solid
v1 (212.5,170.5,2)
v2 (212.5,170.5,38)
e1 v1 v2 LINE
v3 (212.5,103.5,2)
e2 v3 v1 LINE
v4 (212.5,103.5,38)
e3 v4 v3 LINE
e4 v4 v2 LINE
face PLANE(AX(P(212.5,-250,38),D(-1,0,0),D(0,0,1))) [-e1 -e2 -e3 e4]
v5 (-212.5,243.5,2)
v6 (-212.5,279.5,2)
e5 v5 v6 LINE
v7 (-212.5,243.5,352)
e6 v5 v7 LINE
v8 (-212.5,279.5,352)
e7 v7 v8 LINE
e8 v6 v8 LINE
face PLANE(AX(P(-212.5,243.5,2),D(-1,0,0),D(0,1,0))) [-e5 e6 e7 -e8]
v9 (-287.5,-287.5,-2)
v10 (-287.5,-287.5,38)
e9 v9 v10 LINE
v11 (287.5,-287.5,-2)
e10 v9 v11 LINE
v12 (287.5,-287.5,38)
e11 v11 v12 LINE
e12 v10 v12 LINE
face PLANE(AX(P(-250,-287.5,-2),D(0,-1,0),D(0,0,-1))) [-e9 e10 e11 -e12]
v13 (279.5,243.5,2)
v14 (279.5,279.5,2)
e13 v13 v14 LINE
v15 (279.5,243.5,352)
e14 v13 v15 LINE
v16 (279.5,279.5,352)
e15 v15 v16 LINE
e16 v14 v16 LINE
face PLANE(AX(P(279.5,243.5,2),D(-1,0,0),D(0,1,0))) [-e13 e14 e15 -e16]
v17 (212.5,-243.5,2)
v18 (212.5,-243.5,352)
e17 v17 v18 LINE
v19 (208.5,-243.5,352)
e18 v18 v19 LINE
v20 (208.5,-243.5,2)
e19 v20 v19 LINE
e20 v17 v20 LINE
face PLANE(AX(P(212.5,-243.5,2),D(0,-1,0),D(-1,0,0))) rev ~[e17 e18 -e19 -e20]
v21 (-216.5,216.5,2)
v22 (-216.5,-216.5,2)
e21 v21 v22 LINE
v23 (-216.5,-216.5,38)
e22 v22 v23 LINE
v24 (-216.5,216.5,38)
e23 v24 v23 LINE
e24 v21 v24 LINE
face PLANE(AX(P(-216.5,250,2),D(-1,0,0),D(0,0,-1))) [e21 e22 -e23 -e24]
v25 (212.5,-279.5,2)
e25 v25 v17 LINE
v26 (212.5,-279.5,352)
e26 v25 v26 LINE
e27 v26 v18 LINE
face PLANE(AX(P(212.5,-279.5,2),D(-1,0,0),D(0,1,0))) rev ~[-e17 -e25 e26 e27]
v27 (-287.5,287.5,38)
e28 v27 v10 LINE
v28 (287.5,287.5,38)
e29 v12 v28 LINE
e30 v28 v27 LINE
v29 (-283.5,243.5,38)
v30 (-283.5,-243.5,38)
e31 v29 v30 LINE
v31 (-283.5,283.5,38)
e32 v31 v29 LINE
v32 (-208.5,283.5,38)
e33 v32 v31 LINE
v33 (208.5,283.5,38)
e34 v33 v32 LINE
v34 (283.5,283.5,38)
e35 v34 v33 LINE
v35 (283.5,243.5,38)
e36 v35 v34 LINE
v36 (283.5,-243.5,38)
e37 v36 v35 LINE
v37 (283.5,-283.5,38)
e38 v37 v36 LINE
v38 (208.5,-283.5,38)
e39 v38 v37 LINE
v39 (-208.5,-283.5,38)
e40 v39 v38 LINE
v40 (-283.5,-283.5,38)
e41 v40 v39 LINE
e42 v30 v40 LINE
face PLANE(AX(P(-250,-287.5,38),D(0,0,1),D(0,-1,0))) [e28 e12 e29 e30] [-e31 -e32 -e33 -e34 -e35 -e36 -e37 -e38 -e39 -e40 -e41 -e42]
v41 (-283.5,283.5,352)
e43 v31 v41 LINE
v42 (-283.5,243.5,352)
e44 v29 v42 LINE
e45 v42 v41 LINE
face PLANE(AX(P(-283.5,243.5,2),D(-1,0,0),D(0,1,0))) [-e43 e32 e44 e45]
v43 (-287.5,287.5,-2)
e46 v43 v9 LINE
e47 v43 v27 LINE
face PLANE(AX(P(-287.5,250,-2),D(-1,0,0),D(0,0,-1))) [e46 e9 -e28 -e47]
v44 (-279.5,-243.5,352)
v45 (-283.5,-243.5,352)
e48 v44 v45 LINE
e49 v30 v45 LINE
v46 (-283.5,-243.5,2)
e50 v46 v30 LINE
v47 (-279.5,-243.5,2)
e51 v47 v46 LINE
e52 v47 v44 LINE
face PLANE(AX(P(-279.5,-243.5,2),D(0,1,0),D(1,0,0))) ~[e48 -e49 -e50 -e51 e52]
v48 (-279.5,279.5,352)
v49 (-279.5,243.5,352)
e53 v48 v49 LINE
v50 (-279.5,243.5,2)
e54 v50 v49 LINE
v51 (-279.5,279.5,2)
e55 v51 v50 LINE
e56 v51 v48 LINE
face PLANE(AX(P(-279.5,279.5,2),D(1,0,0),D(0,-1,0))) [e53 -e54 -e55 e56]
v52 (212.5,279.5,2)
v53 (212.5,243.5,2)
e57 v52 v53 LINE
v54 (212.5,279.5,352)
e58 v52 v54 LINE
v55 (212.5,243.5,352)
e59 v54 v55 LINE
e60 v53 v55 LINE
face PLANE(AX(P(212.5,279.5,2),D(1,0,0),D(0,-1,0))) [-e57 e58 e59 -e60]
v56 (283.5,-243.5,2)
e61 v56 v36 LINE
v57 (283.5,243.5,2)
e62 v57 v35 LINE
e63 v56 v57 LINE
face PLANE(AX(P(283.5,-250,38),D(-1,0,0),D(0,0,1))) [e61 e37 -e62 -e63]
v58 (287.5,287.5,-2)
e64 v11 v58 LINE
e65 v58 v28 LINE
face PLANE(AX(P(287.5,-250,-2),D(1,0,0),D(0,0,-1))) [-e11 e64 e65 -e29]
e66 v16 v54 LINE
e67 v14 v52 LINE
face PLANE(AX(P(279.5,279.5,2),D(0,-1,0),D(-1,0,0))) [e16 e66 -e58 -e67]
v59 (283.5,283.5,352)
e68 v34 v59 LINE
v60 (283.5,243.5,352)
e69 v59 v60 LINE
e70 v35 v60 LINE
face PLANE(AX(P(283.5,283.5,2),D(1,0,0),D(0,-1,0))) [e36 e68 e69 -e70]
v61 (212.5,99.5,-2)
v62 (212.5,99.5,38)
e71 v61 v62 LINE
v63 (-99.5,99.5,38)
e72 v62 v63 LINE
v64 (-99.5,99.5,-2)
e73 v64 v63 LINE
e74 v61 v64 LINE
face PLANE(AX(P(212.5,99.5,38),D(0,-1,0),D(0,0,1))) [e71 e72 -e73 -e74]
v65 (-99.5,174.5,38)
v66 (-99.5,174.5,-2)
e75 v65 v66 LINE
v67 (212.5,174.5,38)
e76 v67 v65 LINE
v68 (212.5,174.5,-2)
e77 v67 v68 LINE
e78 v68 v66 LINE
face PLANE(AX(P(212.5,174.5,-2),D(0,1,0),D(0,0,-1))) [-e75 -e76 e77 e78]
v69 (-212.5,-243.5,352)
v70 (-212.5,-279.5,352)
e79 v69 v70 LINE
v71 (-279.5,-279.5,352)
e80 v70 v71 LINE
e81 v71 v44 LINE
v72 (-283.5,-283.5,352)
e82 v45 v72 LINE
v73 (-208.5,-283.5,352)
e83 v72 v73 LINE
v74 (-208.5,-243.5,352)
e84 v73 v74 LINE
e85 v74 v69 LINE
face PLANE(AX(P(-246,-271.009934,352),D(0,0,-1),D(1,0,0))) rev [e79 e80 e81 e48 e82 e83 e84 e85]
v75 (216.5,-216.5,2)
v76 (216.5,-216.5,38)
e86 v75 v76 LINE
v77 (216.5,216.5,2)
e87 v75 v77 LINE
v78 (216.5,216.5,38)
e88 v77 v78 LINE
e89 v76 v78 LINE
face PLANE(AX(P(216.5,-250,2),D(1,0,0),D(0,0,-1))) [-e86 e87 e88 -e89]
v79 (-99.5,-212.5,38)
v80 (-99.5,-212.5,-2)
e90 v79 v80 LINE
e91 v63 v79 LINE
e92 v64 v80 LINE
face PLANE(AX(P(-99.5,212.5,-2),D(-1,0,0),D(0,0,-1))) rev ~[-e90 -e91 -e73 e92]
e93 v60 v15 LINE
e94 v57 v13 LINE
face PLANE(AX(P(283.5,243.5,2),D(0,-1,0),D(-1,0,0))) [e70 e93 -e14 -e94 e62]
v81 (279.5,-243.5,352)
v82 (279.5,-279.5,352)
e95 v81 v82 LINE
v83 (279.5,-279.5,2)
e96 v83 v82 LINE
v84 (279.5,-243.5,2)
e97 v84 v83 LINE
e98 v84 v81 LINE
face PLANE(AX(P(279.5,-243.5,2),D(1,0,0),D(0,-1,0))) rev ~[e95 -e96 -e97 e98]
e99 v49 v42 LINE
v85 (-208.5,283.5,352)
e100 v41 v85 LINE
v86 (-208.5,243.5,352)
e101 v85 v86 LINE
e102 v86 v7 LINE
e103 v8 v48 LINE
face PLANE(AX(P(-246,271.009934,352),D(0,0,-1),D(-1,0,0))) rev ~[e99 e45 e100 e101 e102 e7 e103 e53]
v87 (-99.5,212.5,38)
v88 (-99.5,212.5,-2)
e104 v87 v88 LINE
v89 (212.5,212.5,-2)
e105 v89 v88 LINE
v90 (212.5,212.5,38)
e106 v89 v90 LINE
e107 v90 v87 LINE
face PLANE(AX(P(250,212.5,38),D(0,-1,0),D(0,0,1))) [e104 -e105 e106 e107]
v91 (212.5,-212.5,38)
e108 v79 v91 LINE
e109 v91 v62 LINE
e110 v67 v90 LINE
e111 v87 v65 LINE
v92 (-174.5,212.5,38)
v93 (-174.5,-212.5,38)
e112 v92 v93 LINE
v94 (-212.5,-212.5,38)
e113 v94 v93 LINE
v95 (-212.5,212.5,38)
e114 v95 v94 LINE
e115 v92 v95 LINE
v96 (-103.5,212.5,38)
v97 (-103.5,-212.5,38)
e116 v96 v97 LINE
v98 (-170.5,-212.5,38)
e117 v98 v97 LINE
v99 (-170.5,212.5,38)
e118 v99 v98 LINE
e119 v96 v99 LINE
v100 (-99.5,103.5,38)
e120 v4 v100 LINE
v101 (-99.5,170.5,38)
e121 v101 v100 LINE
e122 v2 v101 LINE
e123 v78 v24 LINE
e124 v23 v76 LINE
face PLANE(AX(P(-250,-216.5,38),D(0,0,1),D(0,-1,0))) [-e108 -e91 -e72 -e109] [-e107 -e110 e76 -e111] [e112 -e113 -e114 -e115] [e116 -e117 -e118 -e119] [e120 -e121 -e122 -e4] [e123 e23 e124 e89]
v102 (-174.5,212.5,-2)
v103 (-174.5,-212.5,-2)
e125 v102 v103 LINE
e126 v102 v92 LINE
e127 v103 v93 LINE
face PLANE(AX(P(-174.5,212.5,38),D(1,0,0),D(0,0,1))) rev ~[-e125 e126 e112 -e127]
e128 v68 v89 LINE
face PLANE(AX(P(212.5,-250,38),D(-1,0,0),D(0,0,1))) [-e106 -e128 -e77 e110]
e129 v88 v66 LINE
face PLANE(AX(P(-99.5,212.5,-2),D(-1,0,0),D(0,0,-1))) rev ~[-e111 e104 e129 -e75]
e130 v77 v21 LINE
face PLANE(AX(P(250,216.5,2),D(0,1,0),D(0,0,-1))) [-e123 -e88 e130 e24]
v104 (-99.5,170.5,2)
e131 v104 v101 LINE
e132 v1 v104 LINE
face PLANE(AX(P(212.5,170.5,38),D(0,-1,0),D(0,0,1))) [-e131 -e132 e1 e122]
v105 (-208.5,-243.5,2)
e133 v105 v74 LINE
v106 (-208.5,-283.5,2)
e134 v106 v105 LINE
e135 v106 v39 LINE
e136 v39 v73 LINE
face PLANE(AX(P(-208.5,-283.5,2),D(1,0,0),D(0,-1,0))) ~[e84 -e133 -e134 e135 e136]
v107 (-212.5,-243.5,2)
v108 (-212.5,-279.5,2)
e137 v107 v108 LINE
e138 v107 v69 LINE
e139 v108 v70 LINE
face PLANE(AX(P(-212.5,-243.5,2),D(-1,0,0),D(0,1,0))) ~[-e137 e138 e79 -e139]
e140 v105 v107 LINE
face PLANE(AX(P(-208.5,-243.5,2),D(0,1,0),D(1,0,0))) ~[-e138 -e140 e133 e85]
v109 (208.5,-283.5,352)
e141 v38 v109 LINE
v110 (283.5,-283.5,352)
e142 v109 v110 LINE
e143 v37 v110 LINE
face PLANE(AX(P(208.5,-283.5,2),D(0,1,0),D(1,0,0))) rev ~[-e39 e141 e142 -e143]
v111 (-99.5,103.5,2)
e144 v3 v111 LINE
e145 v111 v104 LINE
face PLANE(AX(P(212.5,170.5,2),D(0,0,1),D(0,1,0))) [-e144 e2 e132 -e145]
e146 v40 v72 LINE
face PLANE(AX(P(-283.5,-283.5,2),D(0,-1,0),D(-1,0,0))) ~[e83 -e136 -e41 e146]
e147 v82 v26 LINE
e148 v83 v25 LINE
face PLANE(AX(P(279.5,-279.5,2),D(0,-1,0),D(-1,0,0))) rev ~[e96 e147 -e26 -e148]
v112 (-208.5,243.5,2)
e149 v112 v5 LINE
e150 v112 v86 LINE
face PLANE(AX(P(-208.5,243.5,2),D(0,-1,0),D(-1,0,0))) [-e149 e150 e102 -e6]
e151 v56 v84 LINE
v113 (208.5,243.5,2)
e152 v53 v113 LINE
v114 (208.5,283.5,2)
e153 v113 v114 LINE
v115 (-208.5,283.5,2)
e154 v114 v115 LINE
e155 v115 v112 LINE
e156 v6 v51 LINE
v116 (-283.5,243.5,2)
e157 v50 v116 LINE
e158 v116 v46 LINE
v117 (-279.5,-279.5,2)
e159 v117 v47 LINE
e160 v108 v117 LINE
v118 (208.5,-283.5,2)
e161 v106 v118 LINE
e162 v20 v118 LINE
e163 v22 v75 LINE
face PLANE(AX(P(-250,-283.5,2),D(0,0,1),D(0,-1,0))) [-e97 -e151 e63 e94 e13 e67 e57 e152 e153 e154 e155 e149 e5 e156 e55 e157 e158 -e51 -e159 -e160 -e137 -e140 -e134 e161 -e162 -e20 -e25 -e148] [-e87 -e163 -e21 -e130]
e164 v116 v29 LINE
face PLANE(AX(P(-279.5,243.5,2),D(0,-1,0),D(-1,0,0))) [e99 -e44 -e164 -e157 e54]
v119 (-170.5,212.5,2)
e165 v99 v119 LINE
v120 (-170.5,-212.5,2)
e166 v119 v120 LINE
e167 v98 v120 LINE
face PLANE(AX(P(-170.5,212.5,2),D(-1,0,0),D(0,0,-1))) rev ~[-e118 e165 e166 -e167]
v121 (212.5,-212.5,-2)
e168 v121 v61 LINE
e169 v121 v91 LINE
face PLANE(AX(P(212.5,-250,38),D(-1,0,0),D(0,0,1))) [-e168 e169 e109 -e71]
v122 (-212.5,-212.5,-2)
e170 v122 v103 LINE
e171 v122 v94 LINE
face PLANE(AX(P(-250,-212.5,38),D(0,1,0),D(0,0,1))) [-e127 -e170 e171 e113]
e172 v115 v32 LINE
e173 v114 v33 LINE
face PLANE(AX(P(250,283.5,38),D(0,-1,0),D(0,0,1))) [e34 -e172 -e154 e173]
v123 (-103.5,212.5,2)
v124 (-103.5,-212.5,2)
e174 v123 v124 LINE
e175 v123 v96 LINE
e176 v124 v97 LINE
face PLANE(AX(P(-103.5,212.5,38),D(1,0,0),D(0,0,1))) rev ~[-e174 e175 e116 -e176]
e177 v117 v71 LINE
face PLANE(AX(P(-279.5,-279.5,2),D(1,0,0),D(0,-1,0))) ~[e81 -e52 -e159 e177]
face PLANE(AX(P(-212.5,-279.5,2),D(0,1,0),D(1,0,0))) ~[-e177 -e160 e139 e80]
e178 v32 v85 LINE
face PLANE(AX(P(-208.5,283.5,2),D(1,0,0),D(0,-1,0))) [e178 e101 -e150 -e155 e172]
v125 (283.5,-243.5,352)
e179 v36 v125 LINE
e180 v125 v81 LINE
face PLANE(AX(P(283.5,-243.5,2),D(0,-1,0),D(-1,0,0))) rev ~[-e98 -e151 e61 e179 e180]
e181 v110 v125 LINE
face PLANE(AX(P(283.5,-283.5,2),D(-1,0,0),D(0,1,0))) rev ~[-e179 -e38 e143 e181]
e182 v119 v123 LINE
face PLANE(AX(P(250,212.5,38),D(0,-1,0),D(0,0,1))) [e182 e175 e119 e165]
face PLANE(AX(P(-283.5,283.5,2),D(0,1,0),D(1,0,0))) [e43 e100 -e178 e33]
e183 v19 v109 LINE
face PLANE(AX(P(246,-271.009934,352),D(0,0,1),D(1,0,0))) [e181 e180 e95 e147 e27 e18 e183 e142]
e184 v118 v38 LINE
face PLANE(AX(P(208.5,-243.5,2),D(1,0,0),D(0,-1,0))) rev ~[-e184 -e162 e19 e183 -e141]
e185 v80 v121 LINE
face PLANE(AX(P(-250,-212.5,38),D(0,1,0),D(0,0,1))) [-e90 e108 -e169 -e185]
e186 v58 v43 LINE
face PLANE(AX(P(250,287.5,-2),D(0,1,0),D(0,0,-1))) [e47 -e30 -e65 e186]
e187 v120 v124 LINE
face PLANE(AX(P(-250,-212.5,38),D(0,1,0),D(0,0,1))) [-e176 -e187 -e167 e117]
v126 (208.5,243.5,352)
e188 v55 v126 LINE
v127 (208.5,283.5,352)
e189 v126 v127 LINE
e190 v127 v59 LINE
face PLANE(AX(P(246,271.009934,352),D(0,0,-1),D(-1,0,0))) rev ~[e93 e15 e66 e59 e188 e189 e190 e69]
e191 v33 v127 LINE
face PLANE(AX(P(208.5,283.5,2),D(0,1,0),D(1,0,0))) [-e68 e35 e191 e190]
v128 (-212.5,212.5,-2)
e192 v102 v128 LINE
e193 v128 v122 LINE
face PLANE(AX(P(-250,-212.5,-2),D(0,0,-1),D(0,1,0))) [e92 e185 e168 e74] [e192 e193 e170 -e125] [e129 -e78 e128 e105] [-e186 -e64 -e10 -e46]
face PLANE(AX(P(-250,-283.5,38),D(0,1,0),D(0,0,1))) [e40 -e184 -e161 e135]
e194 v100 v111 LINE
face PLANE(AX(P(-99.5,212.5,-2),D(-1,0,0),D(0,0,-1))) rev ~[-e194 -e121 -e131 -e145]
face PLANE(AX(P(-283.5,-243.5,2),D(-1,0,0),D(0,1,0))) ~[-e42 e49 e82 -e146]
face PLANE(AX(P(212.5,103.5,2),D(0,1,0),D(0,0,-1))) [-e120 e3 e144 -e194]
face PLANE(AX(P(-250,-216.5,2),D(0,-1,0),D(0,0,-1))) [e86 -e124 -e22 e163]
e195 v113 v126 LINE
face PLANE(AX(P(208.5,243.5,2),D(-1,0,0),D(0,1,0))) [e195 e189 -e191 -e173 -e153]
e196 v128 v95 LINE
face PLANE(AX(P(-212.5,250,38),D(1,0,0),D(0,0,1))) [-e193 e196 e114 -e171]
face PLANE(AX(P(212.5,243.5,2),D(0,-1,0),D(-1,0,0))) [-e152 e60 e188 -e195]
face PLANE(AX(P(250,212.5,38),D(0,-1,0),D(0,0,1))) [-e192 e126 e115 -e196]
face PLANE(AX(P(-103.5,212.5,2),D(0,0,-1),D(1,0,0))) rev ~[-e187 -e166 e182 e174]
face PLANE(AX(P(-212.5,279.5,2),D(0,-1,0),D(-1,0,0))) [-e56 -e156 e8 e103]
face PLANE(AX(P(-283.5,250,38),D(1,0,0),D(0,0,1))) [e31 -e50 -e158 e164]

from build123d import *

# Parameters (mm, degrees)
BOSS_EXTRUDE1_DEPTH  = 350
LPATTERN1_COUNT      = 2
LPATTERN1_PITCH      = 492
MIRROR1_COPY_1_DEPTH = 350
MIRROR1_COPY_2_DEPTH = 350


with BuildPart() as part:
    # Sweep1: sweep along a path in Sketch1
    with BuildLine(Plane.XY) as sweep1_path:
        Line((-250, -250), (250, -250))
        Line((250, -250), (250, 250))
        Line((250, 250), (-250, 250))
        Line((-250, 250), (-250, -250))
    # Sketch2 → Sweep1 (sweep)
    with BuildSketch(Plane(origin=(0, -250, 0), x_dir=(1, 0, 0), z_dir=(0, 1, 0))):
        Polygon((212.5, 2), (287.5, 2), (287.5, -38), (283.5, -38), (283.5, -2), (216.5, -2), (216.5, -38), (212.5, -38), align=None)
    sweep(path=sweep1_path.line, transition=Transition.RIGHT)

    # Sweep3: sweep along a path in Sketch4
    with BuildLine(Plane.XY) as sweep3_path:
        Line((-137, 212.5), (-137, -212.5))
    # Sketch5 → Sweep3 (sweep)
    with BuildSketch(Plane(origin=(0, -212.5, 0), x_dir=(1, 0, 0), z_dir=(0, 1, 0))):
        Polygon((-174.5, 2), (-99.5, 2), (-99.5, -38), (-103.5, -38), (-103.5, -2), (-170.5, -2), (-170.5, -38), (-174.5, -38), align=None)
    sweep(path=sweep3_path.line)

    # Sweep4: sweep along a path in Sketch6
    with BuildLine(Plane.XY) as sweep4_path:
        Line((212.5, 137), (-99.5, 137))
    # Sketch7 → Sweep4 (sweep)
    with BuildSketch(Plane.ZY.offset(-212.5)):
        Polygon((-2, 99.5), (-2, 174.5), (38, 174.5), (38, 170.5), (2, 170.5), (2, 103.5), (38, 103.5), (38, 99.5), align=None)
    sweep(path=sweep4_path.line)

    # Sketch8 → Boss-Extrude1 (add)
    with BuildSketch(Plane.XY.offset(2)):
        Polygon((-283.5, 283.5), (-208.5, 283.5), (-208.5, 243.5), (-212.5, 243.5), (-212.5, 279.5), (-279.5, 279.5), (-279.5, 243.5), (-283.5, 243.5), align=None)
    boss_extrude1 = extrude(amount=BOSS_EXTRUDE1_DEPTH)

    # LPattern1: Boss-Extrude1 ×2
    with Locations(*[(i * LPATTERN1_PITCH, 0, 0) for i in range(1, LPATTERN1_COUNT)]):
        add(boss_extrude1)

    # Mirror1 copy 1 sketch → Mirror1 copy 1 (add)
    with BuildSketch(Plane(origin=(492, 0, 2), x_dir=(1, 0, 0), z_dir=(0, 0, 1))):
        Polygon((-283.5, -283.5), (-208.5, -283.5), (-208.5, -243.5), (-212.5, -243.5), (-212.5, -279.5), (-279.5, -279.5), (-279.5, -243.5), (-283.5, -243.5), align=None)
    extrude(amount=MIRROR1_COPY_1_DEPTH)

    # Mirror1 copy 2 sketch → Mirror1 copy 2 (add)
    with BuildSketch(Plane.XY.offset(2)):
        Polygon((-283.5, -283.5), (-208.5, -283.5), (-208.5, -243.5), (-212.5, -243.5), (-212.5, -279.5), (-279.5, -279.5), (-279.5, -243.5), (-283.5, -243.5), align=None)
    extrude(amount=MIRROR1_COPY_2_DEPTH)


solid = part.part
